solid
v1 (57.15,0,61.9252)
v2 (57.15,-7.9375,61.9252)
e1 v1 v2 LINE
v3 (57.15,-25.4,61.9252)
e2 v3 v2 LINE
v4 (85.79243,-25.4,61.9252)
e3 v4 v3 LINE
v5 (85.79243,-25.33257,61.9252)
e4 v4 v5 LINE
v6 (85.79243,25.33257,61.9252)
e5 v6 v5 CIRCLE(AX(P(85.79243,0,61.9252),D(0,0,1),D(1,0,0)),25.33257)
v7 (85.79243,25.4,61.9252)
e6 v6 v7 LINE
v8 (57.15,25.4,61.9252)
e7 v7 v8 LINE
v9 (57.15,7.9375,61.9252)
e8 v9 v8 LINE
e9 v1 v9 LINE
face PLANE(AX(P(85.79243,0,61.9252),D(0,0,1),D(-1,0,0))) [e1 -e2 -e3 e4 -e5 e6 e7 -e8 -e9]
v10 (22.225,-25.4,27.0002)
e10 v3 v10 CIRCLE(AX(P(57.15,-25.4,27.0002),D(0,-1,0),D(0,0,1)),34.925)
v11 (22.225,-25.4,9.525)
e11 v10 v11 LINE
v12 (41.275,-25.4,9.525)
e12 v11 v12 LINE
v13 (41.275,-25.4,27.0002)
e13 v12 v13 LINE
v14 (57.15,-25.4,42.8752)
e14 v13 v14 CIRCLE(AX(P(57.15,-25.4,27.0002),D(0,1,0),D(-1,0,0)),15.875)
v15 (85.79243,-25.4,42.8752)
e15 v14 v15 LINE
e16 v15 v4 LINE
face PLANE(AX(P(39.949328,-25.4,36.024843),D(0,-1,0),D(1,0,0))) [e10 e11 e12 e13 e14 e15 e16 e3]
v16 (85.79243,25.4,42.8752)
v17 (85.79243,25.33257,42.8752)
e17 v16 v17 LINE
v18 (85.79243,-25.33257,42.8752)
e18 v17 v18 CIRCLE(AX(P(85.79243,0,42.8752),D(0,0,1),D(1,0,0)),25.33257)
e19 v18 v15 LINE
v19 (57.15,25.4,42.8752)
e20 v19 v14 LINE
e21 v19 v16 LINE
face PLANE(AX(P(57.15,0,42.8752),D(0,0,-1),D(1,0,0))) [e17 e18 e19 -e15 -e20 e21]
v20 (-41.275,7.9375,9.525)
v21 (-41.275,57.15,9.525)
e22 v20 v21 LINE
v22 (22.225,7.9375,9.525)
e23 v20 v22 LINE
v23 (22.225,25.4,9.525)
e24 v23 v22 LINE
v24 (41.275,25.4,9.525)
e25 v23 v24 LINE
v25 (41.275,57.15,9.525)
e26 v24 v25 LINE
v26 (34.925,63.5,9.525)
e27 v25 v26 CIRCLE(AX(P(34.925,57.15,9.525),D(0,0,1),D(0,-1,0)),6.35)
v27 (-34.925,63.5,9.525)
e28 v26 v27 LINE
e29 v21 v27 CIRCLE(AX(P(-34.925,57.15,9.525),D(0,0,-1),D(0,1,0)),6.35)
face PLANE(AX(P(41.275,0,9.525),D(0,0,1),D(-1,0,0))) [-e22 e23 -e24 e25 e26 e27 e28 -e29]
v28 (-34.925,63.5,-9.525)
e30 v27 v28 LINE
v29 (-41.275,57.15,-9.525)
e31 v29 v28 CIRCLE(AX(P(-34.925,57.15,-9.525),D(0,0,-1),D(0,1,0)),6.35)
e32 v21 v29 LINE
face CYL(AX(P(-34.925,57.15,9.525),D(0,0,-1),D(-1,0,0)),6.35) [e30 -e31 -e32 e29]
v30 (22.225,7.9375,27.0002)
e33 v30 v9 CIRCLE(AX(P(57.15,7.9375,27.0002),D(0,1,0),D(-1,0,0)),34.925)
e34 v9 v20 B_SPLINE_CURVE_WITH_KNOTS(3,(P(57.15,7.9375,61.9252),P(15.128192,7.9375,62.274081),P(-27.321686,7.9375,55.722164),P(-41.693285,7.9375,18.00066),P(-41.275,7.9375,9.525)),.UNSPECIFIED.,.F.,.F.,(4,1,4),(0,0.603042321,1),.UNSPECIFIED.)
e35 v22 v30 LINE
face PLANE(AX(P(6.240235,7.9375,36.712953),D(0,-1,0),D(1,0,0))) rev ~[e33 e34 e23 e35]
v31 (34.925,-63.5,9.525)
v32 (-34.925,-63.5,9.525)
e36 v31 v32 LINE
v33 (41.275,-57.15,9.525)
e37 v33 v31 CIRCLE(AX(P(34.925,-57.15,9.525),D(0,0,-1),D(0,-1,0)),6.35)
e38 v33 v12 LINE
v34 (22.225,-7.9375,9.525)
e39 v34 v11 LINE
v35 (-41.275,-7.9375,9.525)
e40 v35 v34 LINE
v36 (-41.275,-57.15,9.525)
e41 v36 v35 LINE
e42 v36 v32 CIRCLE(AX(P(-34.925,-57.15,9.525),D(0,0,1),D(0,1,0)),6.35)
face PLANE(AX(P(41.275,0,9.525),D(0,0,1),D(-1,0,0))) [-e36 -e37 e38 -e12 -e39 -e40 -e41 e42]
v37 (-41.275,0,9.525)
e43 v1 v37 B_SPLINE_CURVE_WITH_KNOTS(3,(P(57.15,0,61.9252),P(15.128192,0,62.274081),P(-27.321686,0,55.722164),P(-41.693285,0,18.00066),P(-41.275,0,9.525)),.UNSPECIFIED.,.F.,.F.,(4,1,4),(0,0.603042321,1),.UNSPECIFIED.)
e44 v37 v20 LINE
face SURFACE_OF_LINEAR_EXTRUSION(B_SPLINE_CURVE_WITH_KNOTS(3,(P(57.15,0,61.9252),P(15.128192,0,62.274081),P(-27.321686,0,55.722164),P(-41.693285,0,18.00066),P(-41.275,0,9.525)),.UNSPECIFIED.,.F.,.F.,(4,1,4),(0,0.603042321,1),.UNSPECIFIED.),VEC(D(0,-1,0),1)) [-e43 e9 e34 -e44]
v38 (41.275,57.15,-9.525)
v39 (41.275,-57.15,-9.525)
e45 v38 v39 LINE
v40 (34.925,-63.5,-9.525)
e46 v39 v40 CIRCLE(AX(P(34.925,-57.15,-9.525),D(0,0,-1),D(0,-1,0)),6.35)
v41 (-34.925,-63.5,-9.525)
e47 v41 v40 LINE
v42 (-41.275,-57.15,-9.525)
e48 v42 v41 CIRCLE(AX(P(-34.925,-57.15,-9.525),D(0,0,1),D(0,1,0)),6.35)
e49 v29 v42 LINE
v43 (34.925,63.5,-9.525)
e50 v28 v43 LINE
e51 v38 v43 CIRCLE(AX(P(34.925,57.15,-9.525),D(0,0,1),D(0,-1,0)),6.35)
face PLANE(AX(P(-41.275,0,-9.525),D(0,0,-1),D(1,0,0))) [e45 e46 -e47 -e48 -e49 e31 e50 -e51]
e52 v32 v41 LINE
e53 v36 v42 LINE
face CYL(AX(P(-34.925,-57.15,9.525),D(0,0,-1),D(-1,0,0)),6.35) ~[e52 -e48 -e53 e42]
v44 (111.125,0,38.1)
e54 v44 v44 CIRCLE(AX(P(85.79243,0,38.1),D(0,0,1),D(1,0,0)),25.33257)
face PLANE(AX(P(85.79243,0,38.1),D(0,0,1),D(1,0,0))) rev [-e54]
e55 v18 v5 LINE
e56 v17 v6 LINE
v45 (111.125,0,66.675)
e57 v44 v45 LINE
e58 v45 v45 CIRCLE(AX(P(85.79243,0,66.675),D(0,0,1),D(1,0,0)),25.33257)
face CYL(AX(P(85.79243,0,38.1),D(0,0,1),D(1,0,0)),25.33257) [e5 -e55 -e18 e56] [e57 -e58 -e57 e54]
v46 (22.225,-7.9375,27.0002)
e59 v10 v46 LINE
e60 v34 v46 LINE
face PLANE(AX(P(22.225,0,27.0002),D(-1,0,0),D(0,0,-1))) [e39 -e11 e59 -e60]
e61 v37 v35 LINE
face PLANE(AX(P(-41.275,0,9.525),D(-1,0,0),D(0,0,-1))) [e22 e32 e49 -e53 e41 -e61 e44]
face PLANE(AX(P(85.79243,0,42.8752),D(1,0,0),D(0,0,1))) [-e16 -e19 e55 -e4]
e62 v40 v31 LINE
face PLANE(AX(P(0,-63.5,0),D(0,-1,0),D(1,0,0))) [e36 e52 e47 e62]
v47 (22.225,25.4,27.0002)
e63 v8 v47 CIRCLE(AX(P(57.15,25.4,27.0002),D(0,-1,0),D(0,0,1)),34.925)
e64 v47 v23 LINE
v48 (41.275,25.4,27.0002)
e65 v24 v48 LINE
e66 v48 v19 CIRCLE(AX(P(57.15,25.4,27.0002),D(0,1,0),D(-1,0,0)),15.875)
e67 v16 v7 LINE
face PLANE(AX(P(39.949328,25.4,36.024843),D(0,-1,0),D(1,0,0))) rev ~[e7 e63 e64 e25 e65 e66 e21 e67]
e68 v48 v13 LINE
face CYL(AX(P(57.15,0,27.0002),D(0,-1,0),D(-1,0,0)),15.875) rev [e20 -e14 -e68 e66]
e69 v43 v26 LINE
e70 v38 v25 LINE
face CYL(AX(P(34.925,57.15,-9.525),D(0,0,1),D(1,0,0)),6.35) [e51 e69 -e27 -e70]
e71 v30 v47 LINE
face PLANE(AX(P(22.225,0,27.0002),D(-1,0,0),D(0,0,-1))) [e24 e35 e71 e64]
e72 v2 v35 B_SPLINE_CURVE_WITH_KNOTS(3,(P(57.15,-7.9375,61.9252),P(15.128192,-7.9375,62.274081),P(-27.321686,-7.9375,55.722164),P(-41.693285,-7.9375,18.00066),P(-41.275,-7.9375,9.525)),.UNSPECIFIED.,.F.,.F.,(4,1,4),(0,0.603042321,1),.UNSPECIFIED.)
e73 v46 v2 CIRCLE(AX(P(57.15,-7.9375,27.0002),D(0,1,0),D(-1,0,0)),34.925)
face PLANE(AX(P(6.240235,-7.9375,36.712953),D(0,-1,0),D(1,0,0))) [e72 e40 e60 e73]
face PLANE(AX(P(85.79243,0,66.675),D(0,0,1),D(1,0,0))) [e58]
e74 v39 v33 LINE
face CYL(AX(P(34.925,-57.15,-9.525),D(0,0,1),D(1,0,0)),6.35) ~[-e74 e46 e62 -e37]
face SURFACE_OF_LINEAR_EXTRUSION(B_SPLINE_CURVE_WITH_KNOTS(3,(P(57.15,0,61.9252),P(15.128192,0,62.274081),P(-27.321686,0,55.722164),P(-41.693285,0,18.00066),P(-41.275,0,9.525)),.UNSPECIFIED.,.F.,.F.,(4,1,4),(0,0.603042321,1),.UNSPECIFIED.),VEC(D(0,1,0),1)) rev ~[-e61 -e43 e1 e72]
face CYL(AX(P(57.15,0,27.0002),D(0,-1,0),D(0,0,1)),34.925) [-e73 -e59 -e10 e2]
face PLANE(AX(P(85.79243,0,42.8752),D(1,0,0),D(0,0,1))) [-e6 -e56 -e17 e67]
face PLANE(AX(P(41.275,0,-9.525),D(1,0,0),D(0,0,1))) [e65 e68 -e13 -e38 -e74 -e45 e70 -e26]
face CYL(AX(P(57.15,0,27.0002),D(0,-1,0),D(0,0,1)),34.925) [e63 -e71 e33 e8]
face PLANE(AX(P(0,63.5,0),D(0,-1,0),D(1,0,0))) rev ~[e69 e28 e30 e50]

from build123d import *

# Parameters (mm, degrees)
F1_DEPTH = 63.5
F0_W     = 25.4674297452
F0_H     = 19.05
F2_DEPTH = 25.4
F3_DEPTH = 7.9375
F5_R     = 6.35


with BuildPart() as f1:
    # F0 (on Front) → F1 (new body, symmetric)
    with BuildSketch(Plane.XZ):
        Polygon((22.225, 9.525), (-41.275, 9.525), (-41.275, -9.525), (41.275, -9.525), (41.275, 9.525), align=None)
    extrude(amount=F1_DEPTH, both=True)

    # F0 (on Front) → F2 (join, symmetric)
    with BuildSketch(Plane.XZ):
        with BuildLine():
            Line((22.225, 27.0002), (22.225, 9.525))
            Line((22.225, 9.525), (41.275, 9.525))
            Line((41.275, 9.525), (41.275, 27.0002))
            ThreePointArc((41.275, 27.0002), (45.9246798487, 38.2255201513), (57.15, 42.8752))
            Line((57.15, 42.8752), (60.325, 42.8752))
            Line((60.325, 42.8752), (60.325, 61.9252))
            Line((60.325, 61.9252), (57.15, 61.9252))
            ThreePointArc((57.15, 61.9252), (32.4542956671, 51.6959043329), (22.225, 27.0002))
        make_face()
        with Locations((73.0587148726, 52.4002)):
            Rectangle(F0_W, F0_H)
    extrude(amount=F2_DEPTH, both=True)

    # F0 (on Front) → F3 (join, symmetric)
    with BuildSketch(Plane.XZ):
        with BuildLine():
            add(Edge.make_bspline(
                [(57.15, 61.9252), (15.1281916878, 62.2740810515), (-27.3216856892, 55.7221643058), (-41.6932850244, 18.0006596408), (-41.275, 9.525)],
                knots=[0, 0, 0, 0, 0.6030423214, 1, 1, 1, 1], degree=3))
            Line((-41.275, 9.525), (22.225, 9.525))
            Line((22.225, 9.525), (22.225, 27.0002))
            ThreePointArc((22.225, 27.0002), (32.4542956671, 51.6959043329), (57.15, 61.9252))
        make_face()
    extrude(amount=F3_DEPTH, both=True)

    # F0 (on Front) → F4 (revolve)
    with BuildSketch(Plane.XZ):
        Polygon((85.7924297452, 66.675), (85.7924297452, 61.9252), (85.7924297452, 42.8752), (85.7924297452, 38.1), (111.125, 38.1), (111.125, 66.675), align=None)
    revolve(axis=Axis((85.7924297452, 0, 52.3875), (0, 0, 1)))

    # F5
    f5_edges = [f1.edges().sort_by_distance(p)[0] for p in [
        (-41.275, -63.5, 0),
        (41.275, -63.5, 0),
        (41.275, 63.5, 0),
        (-41.275, 63.5, 0),
    ]]
    fillet(f5_edges, radius=F5_R)


solid = f1.part
